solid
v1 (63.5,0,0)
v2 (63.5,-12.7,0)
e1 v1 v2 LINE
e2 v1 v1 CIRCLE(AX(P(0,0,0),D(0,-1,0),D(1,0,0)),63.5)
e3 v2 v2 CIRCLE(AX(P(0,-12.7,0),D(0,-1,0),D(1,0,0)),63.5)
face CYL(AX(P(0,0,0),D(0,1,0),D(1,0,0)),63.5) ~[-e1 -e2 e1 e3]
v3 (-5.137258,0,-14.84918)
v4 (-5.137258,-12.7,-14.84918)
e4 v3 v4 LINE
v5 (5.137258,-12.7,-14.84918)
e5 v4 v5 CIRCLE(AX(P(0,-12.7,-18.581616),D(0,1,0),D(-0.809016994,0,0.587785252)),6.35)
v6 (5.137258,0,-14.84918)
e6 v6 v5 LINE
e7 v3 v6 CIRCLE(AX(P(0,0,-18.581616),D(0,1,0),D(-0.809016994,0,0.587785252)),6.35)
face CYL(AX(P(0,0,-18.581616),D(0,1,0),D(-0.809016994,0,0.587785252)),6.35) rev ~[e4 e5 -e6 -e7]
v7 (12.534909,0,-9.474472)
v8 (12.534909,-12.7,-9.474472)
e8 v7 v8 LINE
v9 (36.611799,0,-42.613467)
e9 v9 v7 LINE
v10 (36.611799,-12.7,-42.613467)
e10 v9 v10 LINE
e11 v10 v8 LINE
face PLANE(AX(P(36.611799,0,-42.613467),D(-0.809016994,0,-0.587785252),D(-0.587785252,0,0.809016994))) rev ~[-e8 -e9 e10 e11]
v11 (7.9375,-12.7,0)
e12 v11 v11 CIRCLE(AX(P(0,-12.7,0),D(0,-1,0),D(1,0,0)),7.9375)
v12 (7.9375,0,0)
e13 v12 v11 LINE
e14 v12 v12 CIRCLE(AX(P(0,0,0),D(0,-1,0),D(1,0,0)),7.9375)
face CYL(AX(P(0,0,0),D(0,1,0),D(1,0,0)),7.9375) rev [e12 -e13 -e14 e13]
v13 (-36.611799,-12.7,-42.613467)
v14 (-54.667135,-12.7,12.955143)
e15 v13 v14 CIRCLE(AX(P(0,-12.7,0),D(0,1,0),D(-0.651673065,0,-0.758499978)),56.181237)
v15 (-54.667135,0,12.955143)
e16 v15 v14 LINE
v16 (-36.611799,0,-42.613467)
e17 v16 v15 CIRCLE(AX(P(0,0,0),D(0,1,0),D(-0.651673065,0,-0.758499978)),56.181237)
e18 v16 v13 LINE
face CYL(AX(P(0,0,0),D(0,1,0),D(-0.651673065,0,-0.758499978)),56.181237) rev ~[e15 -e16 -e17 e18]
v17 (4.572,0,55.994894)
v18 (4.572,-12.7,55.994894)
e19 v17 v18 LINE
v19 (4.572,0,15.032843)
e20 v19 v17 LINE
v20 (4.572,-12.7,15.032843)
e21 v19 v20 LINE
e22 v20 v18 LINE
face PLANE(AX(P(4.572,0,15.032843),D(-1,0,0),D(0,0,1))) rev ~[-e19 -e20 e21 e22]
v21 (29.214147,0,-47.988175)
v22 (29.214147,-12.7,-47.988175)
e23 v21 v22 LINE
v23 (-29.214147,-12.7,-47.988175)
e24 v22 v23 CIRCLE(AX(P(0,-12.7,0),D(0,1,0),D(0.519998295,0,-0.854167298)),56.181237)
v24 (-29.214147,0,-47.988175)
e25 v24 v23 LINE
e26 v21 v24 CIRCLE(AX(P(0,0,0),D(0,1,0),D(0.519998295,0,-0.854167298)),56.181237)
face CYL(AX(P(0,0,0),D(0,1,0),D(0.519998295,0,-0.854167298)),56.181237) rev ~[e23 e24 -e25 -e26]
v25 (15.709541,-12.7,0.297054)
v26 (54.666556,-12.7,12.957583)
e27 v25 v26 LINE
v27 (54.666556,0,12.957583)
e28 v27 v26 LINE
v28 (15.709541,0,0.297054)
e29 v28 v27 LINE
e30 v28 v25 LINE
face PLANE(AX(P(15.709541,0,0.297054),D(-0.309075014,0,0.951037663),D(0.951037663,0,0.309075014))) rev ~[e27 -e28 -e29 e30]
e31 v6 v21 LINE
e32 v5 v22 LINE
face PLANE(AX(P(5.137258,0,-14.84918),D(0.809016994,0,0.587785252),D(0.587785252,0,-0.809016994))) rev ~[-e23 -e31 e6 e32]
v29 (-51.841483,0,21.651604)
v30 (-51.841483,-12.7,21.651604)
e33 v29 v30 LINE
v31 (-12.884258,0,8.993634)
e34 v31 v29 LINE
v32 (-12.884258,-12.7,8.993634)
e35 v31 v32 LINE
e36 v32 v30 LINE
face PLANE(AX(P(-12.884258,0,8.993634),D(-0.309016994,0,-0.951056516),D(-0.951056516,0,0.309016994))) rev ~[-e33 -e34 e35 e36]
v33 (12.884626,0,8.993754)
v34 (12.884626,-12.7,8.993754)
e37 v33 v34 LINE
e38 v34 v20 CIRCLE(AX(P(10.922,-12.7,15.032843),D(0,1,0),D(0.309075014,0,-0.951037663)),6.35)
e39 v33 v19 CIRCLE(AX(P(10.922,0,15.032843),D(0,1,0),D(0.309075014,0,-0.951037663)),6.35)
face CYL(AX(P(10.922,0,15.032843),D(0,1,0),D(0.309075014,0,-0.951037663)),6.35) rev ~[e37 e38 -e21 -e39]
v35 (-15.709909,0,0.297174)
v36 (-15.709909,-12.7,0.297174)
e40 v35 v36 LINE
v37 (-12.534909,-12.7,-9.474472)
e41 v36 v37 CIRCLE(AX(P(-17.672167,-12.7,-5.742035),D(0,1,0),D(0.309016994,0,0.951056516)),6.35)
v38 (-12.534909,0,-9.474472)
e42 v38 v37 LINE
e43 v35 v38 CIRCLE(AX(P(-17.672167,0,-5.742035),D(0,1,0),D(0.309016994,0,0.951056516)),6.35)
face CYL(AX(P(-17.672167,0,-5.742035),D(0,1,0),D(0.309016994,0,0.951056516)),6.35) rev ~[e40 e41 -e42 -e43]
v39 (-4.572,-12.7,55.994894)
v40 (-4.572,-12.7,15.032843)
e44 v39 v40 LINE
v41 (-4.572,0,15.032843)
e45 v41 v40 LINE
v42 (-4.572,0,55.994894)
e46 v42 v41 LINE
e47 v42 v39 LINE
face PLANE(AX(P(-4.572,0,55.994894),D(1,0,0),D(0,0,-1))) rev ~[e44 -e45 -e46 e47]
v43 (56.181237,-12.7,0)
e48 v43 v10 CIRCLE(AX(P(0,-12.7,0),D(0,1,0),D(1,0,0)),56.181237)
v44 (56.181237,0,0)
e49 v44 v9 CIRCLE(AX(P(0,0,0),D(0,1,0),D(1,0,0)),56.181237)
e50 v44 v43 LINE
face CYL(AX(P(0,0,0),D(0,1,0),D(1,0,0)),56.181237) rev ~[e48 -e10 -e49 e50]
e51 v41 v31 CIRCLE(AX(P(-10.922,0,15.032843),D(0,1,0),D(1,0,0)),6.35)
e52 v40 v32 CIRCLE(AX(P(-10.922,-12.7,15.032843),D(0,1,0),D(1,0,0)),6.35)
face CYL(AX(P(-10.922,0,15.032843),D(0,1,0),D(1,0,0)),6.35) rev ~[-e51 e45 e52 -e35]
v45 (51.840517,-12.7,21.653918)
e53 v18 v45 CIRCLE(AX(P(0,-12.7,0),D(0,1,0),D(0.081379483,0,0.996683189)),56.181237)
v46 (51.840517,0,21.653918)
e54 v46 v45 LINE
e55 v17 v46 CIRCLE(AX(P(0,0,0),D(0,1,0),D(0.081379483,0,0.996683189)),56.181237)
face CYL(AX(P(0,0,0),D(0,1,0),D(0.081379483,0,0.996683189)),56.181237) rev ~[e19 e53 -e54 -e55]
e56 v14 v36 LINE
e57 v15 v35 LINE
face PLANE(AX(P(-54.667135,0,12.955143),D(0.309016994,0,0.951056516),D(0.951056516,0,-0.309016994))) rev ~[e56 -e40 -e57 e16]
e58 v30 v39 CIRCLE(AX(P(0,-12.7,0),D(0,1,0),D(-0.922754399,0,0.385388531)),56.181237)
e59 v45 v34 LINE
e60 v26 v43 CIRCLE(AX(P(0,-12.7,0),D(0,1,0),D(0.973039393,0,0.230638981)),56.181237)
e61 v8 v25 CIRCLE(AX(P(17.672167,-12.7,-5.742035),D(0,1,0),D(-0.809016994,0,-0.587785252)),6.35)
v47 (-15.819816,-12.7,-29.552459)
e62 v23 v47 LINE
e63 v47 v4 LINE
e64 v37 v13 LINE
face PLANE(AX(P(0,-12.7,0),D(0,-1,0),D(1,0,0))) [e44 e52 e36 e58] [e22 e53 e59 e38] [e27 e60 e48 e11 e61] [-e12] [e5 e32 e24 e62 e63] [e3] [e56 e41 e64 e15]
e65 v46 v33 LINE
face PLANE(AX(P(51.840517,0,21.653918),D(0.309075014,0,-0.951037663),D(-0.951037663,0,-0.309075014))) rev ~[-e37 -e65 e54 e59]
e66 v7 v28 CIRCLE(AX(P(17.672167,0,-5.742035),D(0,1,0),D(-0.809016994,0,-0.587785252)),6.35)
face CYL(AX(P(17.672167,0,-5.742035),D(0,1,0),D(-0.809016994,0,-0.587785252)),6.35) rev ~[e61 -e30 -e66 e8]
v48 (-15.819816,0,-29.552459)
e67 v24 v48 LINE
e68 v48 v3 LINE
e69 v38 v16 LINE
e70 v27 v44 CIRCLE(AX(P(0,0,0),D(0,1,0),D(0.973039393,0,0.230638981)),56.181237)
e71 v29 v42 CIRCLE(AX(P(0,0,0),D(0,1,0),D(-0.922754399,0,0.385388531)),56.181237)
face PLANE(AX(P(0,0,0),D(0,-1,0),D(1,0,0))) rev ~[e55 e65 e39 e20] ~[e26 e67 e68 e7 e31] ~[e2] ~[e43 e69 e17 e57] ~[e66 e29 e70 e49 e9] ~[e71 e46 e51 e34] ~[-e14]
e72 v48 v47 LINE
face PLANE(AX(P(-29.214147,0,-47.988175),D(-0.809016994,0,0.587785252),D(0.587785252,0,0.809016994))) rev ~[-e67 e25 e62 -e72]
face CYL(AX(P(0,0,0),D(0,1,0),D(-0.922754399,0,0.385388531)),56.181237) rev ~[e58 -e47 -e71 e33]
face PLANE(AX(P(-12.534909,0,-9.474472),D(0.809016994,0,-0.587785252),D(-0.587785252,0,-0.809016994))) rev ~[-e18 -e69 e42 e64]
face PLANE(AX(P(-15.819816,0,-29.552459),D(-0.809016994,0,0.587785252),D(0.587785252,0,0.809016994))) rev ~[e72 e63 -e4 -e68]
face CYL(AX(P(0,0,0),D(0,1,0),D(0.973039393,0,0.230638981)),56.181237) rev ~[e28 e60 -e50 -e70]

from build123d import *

# Parameters (mm, degrees)
F0_R     = 63.5
F0_R_2   = 7.9375
F1_DEPTH = 12.7


with BuildPart() as f1:
    # F0 (on Front) → F1 (new body)
    with BuildSketch(Plane.XZ):
        Circle(F0_R)
        with BuildLine():
            ThreePointArc((54.6665564179, 12.9575831816), (55.8012817771, 6.5229061418), (56.1812366587, 0))
            ThreePointArc((56.1812366587, 0), (51.0550069931, -23.4460575244), (36.6117986709, -42.613466775))
            ThreePointArc((36.6117986709, -42.613466775), (33.0225023635, -45.4515752219), (29.2141472743, -47.988175122))
            ThreePointArc((29.2141472743, -47.988175122), (0, -56.1812366587), (-29.2141472743, -47.988175122))
            ThreePointArc((-29.2141472743, -47.988175122), (-33.0225023635, -45.4515752219), (-36.6117986709, -42.613466775))
            ThreePointArc((-36.6117986709, -42.613466775), (-53.4315312178, -17.3609568925), (-54.6671346388, 12.9551434915))
            ThreePointArc((-54.6671346388, 12.9551434915), (-53.4315312178, 17.3609568925), (-51.8414832422, 21.6516042765))
            ThreePointArc((-51.8414832422, 21.6516042765), (-33.0225023635, 45.4515752219), (-4.572, 55.9948941289))
            ThreePointArc((-4.572, 55.9948941289), (0, 56.1812366587), (4.572, 55.9948941289))
            ThreePointArc((4.572, 55.9948941289), (33.0214881574, 45.4523120685), (51.8405169309, 21.6539178173))
            ThreePointArc((51.8405169309, 21.6539178173), (53.4307563802, 17.3633414164), (54.6665564179, 12.9575831816))
        make_face(mode=Mode.SUBTRACT)
        with BuildLine():
            Line((15.7095408853, 0.2970539508), (54.6665564179, 12.9575831816))
            ThreePointArc((54.6665564179, 12.9575831816), (53.4307563802, 17.3633414164), (51.8405169309, 21.6539178173))
            Line((51.8405169309, 21.6539178173), (12.8846263398, 8.993754178))
            ThreePointArc((12.8846263398, 8.993754178), (7.189720352, 9.8954715726), (4.572, 15.0328433354))
            Line((4.572, 15.0328433354), (4.572, 55.9948941289))
            ThreePointArc((4.572, 55.9948941289), (0, 56.1812366587), (-4.572, 55.9948941289))
            Line((-4.572, 55.9948941289), (-4.572, 15.0328433354))
            ThreePointArc((-4.572, 15.0328433354), (-7.1895636479, 9.8955854211), (-12.8842579143, 8.9936344569))
            Line((-12.8842579143, 8.9936344569), (-51.8414832422, 21.6516042765))
            ThreePointArc((-51.8414832422, 21.6516042765), (-53.4315312178, 17.3609568925), (-54.6671346388, 12.9551434915))
            Line((-54.6671346388, 12.9551434915), (-15.7099093108, 0.2971736719))
            ThreePointArc((-15.7099093108, 0.2971736719), (-11.6329583467, -3.7797772923), (-12.5349093108, -9.4744715586))
            Line((-12.5349093108, -9.4744715586), (-36.6117986709, -42.613466775))
            ThreePointArc((-36.6117986709, -42.613466775), (-33.0225023635, -45.4515752219), (-29.2141472743, -47.988175122))
            Line((-29.2141472743, -47.988175122), (-15.8198157406, -29.5524593622))
            Line((-15.8198157406, -29.5524593622), (-5.1372579143, -14.8491799056))
            ThreePointArc((-5.1372579143, -14.8491799056), (0, -12.2316162576), (5.1372579143, -14.8491799056))
            Line((5.1372579143, -14.8491799056), (29.2141472743, -47.988175122))
            ThreePointArc((29.2141472743, -47.988175122), (33.0225023635, -45.4515752219), (36.6117986709, -42.613466775))
            Line((36.6117986709, -42.613466775), (12.5349093108, -9.4744715586))
            ThreePointArc((12.5349093108, -9.4744715586), (11.6328984945, -3.7799615078), (15.7095408853, 0.2970539508))
        make_face()
        Circle(F0_R_2, mode=Mode.SUBTRACT)
    extrude(amount=F1_DEPTH)


solid = f1.part
